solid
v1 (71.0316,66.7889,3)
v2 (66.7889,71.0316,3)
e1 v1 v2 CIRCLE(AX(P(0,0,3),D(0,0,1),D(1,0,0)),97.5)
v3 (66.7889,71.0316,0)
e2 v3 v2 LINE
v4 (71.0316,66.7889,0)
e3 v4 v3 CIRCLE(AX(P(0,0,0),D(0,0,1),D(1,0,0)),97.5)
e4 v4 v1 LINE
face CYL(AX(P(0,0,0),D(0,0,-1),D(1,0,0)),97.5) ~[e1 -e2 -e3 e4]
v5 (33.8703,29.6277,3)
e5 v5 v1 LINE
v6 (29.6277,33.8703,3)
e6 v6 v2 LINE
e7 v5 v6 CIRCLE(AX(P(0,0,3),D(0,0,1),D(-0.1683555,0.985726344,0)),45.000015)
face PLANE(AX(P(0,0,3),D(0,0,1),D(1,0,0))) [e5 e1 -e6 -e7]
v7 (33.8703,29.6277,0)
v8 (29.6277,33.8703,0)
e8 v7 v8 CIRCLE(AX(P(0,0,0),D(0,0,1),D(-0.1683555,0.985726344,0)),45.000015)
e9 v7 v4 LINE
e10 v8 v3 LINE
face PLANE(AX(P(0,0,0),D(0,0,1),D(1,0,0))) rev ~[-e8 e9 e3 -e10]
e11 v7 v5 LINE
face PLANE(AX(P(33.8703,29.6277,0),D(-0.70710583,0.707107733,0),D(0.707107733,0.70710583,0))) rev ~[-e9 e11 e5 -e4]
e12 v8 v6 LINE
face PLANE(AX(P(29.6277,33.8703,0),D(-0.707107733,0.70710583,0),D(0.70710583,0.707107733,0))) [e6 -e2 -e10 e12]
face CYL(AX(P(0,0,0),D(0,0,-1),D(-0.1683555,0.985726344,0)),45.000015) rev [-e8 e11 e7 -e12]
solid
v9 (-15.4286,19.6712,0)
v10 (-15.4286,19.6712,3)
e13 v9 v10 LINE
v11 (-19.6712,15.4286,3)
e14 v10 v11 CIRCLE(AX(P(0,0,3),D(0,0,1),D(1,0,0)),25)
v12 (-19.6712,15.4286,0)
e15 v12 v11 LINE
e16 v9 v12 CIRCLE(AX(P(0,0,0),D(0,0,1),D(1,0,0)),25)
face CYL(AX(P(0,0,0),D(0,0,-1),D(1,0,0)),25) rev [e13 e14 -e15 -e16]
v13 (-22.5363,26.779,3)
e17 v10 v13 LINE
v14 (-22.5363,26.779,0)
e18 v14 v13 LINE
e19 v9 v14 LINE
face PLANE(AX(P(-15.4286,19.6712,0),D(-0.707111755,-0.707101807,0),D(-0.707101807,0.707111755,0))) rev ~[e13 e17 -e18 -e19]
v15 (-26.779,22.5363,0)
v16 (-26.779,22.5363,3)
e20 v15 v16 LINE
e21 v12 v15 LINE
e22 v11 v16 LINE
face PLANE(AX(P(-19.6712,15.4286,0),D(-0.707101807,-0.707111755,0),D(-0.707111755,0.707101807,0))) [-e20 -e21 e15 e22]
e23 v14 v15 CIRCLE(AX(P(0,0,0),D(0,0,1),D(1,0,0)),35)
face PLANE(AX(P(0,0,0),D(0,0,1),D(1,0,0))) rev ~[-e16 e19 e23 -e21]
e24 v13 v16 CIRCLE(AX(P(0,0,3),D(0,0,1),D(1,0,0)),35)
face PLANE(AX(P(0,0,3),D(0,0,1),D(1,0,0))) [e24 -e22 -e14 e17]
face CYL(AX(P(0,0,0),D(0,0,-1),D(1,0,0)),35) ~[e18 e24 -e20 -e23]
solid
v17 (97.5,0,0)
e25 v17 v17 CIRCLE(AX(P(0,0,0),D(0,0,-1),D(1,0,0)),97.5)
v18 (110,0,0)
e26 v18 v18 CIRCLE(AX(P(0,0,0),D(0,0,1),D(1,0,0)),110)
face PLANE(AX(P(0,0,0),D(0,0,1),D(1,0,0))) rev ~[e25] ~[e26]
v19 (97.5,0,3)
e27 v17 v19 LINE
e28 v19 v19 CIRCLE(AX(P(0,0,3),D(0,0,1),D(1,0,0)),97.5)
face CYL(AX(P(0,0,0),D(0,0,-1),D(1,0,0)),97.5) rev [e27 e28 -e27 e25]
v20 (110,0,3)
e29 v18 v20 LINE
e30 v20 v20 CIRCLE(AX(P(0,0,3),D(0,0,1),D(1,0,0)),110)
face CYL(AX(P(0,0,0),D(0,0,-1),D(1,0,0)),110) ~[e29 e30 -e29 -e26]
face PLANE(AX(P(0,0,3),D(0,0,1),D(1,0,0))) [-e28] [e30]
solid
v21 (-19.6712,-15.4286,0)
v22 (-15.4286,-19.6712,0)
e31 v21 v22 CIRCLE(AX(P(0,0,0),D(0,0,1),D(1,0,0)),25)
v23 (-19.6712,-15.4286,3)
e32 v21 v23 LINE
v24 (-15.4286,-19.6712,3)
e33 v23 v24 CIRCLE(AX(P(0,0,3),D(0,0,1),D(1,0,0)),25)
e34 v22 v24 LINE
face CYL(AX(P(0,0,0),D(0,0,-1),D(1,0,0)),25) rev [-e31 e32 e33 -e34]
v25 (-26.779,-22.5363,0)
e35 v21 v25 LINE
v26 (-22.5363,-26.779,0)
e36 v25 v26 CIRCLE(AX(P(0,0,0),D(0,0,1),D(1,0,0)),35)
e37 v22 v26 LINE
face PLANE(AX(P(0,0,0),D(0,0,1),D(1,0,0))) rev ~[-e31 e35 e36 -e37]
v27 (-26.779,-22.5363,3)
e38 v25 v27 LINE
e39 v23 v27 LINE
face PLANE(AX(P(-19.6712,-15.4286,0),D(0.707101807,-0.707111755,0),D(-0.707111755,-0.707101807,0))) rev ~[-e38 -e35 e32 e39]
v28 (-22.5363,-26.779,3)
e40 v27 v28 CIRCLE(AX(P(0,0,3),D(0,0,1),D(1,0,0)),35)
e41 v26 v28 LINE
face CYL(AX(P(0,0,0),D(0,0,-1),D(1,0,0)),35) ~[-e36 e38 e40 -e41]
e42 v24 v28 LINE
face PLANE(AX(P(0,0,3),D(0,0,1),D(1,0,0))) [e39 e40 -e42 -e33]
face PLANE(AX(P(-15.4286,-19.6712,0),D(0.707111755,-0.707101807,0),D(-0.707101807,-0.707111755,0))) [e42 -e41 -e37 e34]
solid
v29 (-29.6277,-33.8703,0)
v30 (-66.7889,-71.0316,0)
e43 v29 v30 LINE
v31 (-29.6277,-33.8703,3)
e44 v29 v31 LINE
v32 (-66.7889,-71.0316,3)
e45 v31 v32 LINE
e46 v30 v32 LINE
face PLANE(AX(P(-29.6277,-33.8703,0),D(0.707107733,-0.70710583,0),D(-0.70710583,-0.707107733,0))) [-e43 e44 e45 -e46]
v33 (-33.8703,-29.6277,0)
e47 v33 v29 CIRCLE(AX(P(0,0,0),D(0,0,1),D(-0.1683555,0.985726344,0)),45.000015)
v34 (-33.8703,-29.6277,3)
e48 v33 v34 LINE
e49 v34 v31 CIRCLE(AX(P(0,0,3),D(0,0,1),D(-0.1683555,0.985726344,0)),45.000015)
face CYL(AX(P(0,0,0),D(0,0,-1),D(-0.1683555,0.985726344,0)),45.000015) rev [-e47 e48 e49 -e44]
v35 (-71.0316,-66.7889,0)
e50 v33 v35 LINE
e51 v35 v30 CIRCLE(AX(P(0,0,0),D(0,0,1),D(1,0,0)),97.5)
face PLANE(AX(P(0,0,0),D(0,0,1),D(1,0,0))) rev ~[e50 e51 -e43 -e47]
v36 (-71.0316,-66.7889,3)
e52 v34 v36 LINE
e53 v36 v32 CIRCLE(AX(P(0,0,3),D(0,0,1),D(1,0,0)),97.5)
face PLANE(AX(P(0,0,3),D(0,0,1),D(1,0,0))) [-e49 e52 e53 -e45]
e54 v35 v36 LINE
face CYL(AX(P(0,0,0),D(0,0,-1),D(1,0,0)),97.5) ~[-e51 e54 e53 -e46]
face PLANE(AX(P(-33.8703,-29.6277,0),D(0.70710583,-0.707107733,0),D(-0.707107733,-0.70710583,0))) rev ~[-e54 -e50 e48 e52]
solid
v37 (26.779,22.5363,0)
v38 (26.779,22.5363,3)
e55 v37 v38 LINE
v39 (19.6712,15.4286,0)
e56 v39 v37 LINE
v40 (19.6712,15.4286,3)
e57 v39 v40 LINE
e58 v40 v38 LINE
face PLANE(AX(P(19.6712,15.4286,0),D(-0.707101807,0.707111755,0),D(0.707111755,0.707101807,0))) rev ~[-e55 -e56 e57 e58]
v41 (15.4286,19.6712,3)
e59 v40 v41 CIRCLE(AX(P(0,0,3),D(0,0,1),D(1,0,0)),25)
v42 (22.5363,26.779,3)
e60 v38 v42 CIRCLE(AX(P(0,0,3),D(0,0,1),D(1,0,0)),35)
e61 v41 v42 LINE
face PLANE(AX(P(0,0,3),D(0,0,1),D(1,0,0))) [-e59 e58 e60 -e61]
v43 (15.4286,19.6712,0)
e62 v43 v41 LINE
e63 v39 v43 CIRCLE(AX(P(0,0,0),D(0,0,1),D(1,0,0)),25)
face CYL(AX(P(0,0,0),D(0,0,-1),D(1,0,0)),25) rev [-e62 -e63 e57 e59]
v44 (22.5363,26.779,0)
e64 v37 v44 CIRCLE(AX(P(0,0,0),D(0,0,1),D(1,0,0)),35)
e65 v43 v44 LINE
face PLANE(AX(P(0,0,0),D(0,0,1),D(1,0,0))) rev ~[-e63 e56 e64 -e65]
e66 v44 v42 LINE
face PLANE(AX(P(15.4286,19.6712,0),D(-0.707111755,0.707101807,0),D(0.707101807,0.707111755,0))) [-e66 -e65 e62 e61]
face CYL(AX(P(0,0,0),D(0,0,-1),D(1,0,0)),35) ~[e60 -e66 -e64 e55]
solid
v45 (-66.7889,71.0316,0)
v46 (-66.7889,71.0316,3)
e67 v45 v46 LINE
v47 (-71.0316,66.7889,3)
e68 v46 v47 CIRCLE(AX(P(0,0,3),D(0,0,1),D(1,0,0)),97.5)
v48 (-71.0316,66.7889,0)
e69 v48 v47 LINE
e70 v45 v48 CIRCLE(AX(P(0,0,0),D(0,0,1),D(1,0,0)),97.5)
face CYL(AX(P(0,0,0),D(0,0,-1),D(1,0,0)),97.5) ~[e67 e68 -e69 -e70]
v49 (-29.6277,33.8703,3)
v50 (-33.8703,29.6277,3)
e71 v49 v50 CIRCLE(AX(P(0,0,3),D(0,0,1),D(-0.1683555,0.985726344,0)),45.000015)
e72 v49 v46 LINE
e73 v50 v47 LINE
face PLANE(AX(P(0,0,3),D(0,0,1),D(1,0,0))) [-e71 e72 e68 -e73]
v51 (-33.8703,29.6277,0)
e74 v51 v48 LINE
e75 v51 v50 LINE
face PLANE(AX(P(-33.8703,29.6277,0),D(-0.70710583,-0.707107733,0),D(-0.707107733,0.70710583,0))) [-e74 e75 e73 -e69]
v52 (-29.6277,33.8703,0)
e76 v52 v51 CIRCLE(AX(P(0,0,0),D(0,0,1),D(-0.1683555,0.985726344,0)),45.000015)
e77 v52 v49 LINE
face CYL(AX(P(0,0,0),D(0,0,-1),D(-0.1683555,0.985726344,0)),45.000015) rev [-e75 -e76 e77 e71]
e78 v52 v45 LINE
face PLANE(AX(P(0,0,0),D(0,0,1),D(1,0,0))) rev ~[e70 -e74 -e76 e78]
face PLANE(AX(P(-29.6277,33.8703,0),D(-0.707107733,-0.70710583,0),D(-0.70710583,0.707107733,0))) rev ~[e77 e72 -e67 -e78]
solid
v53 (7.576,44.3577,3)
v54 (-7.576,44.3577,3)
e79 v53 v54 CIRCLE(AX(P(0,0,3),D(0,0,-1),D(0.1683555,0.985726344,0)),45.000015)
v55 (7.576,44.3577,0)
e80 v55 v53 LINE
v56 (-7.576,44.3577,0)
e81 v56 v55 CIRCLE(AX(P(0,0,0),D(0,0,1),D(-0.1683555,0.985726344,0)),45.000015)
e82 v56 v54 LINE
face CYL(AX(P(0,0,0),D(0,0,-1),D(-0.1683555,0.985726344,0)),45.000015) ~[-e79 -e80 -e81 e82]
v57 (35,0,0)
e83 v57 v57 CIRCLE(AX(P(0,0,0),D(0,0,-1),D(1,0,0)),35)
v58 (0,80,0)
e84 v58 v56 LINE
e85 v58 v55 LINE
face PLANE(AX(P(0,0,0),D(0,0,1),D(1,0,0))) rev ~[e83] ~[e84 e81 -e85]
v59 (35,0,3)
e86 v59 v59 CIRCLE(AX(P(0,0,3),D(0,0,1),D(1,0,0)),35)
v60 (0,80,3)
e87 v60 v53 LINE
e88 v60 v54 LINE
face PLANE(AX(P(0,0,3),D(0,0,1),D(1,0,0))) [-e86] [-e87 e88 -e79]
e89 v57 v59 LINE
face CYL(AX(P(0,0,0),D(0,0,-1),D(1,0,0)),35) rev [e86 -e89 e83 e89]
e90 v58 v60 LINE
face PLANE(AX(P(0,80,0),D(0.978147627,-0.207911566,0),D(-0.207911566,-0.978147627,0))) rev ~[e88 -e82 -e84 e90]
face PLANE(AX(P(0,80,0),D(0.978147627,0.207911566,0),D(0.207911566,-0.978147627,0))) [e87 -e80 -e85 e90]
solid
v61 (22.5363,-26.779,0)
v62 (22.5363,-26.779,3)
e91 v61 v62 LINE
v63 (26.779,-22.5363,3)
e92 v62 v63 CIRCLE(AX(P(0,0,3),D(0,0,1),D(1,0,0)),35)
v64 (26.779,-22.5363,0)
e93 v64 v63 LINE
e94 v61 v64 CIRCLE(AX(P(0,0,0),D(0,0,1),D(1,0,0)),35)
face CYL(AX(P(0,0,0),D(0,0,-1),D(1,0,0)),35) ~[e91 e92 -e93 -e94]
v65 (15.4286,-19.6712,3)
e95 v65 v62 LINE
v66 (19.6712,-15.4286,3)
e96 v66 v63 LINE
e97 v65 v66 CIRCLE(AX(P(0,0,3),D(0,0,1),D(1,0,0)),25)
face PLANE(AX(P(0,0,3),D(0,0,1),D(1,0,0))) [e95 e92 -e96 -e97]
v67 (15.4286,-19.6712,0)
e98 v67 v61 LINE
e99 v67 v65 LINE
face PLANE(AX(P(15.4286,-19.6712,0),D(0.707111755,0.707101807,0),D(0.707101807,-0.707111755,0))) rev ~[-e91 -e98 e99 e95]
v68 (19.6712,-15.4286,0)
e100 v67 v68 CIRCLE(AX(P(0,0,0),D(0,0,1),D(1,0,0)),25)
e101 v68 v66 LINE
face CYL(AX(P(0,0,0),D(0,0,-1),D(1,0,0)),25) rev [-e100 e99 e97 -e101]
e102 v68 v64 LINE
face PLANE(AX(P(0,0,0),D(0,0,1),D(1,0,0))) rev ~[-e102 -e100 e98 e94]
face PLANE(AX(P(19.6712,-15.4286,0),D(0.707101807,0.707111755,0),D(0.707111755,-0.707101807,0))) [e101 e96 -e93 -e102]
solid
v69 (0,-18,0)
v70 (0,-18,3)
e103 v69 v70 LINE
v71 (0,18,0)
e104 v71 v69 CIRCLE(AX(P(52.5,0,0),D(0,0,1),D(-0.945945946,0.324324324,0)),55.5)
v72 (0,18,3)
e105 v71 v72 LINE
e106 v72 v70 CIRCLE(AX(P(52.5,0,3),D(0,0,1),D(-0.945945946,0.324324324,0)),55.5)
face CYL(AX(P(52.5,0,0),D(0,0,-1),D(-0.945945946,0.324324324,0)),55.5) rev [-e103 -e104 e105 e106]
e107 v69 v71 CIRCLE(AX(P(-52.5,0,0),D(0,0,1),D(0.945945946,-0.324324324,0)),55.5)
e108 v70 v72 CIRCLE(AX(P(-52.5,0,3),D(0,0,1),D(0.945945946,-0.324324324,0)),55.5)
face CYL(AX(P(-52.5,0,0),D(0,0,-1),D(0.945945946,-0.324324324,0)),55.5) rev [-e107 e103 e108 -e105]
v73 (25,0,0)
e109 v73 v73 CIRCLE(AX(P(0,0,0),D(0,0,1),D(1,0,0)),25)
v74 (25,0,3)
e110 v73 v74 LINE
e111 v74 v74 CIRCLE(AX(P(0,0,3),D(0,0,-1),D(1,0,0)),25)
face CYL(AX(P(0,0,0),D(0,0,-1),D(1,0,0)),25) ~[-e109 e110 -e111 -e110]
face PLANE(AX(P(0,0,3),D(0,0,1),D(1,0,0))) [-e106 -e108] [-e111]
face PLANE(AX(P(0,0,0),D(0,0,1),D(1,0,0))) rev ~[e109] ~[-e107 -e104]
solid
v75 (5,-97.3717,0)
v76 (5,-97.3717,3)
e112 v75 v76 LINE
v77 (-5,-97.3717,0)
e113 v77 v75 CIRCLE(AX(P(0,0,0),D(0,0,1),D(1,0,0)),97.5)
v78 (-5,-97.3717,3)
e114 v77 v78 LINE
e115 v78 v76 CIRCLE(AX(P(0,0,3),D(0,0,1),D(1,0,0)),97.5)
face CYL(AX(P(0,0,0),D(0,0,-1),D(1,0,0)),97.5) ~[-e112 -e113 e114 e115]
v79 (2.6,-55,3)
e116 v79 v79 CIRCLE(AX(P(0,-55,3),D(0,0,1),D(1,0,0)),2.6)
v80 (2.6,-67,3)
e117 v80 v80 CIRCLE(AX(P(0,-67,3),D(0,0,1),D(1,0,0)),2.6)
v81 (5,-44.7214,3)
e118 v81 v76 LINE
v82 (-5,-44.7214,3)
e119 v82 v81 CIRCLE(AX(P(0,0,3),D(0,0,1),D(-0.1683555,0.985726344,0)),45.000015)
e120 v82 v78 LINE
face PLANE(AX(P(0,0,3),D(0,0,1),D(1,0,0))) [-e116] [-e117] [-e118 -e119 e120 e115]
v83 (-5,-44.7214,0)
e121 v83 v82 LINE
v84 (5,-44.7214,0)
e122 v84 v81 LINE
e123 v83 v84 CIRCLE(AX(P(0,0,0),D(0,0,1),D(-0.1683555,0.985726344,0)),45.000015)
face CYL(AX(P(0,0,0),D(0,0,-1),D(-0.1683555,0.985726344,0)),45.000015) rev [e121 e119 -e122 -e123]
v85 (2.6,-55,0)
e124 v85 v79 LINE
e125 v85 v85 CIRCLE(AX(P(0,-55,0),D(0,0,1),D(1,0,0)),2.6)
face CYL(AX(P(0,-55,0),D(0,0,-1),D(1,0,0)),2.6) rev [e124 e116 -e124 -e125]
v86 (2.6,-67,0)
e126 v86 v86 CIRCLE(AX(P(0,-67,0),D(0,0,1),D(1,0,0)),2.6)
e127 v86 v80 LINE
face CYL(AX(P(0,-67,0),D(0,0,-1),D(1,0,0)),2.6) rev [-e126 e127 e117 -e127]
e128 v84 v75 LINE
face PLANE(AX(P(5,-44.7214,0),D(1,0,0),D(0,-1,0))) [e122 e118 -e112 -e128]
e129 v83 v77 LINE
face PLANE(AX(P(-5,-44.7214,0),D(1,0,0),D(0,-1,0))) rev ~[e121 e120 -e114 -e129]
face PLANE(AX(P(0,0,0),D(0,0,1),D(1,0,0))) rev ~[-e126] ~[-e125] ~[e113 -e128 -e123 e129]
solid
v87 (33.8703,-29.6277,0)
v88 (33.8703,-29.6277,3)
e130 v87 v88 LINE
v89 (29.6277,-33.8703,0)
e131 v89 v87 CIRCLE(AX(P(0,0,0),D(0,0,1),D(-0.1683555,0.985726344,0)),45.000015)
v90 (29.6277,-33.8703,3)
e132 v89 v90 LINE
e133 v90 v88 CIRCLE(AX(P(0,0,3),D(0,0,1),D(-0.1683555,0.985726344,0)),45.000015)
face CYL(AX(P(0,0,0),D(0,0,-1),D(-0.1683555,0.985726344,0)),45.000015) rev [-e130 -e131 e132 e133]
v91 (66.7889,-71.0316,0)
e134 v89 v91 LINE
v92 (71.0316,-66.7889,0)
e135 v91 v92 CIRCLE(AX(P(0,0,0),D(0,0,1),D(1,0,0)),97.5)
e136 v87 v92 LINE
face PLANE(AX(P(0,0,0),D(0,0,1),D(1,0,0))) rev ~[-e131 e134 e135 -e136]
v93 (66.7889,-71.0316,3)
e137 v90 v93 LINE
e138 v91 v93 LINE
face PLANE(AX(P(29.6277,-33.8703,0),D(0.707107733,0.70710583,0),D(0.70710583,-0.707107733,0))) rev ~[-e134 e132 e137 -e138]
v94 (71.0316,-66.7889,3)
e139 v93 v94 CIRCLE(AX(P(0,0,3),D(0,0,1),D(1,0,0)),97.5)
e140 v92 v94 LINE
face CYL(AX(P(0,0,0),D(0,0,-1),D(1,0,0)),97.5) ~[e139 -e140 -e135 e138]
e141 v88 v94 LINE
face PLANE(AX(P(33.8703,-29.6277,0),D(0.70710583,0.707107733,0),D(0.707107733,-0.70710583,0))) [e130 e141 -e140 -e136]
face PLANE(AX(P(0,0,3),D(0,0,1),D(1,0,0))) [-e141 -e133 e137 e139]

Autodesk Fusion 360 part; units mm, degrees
sketch "スケッチ1" plane through (0, 0, 0) normal (0, 0, 1) x (1, 0, 0)
  circle A0 centre (0, 0) radius 110
  circle A1 centre (0, 0) radius 97.5
  circle A2 centre (0, 0) radius 25
  circle A3 centre (0, 0) radius 35
  line L0 (0, 80) -> (-7.576, 44.3577)
  line L1 (0, 0) -> (0, 110) construction
  line L2 (0, 80) -> (7.576, 44.3577)
  arc A4 (-7.576, 44.3577) -> (7.576, 44.3577) centre (0, 0) ccw
  line L3 (0, 0) -> (0, -18) construction
  line L4 (0, 0) -> (-3, 0) construction
  arc A5 (0, 18) -> (0, -18) centre (52.5, 0) ccw
  arc A6 (0, -18) -> (0, 18) centre (-52.5, 0) ccw
  line L5 (0, 0) -> (68.9429, 68.9429) construction
  line L6 (0, 0) -> (97.5, 0) construction
  line L7 (33.8703, 29.6277) -> (71.0316, 66.7889)
  line L8 (29.6277, 33.8703) -> (66.7889, 71.0316)
  line L9 (19.6712, 15.4286) -> (26.779, 22.5363)
  line L10 (15.4286, 19.6712) -> (22.5363, 26.779)
  line L11 (-33.8703, 29.6277) -> (-71.0316, 66.7889)
  line L12 (-29.6277, 33.8703) -> (-66.7889, 71.0316)
  line L13 (-19.6712, 15.4286) -> (-26.779, 22.5363)
  line L14 (-15.4286, 19.6712) -> (-22.5363, 26.779)
  line L15 (-29.6277, -33.8703) -> (-66.7889, -71.0316)
  line L16 (-33.8703, -29.6277) -> (-71.0316, -66.7889)
  line L17 (-15.4286, -19.6712) -> (-22.5363, -26.779)
  line L18 (-19.6712, -15.4286) -> (-26.779, -22.5363)
  line L19 (33.8703, -29.6277) -> (71.0316, -66.7889)
  line L20 (29.6277, -33.8703) -> (66.7889, -71.0316)
  line L21 (19.6712, -15.4286) -> (26.779, -22.5363)
  line L22 (15.4286, -19.6712) -> (22.5363, -26.779)
  line L23 (-5, -44.7214) -> (-5, -97.3717)
  line L24 (5, -44.7214) -> (5, -97.3717)
  circle A7 centre (0, -55) radius 2.6
  circle A8 centre (0, -67) radius 2.6
  point P0 (0, 18)
  point P1 (0, -18)
  dimension "d1" = 220
  dimension "d2" = 195
  dimension "d3" = 50
  dimension "d4" = 70
  dimension "d5" = 90
  dimension "d6" = 80
  dimension "d7" = 12
  dimension "d8" = 18
  dimension "d9" = 18
  dimension "d10" = 3
  dimension "d11" = 45
  dimension "d12" = 3
  dimension "d13" = 3
  dimension "d15" = 360
  dimension "d20" = 10
  dimension "d21" = 5.2
  dimension "d22" = 5.2
  dimension "d23" = 55
  dimension "d24" = 12
  dimension "d25" = 5
  dimension "d26" = 5
extrude "押し出し1" add sketch "スケッチ1" along normal blind 3 contours A0 | L0 L2 A4 | A2 makes body 1 at (-61.458, 85.8309, 0) makes body 2 at (0, 56.2385, 3) makes body 3 at (10.2526, 0, 0)
extrude "押し出し2" add sketch "スケッチ1" along normal blind 3 separate body contours A1 A4 L7 L8 | A1 A4 L19 L20 | A1 A4 L11 L12 | A1 A4 L23 L24 | A1 A4 L15 L16 | A2 A3 L9 L10 | A2 A3 L21 L22 | A2 A3 L13 L14 | A2 A3 L17 L18 makes body 4 at (-18.3066, -21.6074, 0) makes body 5 at (44.4235, 43.952, 0) makes body 6 at (-43.952, 44.4235, 0) makes body 7 at (21.6074, -18.3066, 0) makes body 8 at (-21.6074, 18.3066, 0) makes body 9 at (43.952, -44.4235, 0) makes body 10 at (-44.4235, -43.952, 0) makes body 11 at (18.3066, 21.6074, 0) makes body 12 at (-0.0648, -88.1881, 0)
equation "d8 = d9"
equation "d13 = d12"
equation "d26 = d25"
